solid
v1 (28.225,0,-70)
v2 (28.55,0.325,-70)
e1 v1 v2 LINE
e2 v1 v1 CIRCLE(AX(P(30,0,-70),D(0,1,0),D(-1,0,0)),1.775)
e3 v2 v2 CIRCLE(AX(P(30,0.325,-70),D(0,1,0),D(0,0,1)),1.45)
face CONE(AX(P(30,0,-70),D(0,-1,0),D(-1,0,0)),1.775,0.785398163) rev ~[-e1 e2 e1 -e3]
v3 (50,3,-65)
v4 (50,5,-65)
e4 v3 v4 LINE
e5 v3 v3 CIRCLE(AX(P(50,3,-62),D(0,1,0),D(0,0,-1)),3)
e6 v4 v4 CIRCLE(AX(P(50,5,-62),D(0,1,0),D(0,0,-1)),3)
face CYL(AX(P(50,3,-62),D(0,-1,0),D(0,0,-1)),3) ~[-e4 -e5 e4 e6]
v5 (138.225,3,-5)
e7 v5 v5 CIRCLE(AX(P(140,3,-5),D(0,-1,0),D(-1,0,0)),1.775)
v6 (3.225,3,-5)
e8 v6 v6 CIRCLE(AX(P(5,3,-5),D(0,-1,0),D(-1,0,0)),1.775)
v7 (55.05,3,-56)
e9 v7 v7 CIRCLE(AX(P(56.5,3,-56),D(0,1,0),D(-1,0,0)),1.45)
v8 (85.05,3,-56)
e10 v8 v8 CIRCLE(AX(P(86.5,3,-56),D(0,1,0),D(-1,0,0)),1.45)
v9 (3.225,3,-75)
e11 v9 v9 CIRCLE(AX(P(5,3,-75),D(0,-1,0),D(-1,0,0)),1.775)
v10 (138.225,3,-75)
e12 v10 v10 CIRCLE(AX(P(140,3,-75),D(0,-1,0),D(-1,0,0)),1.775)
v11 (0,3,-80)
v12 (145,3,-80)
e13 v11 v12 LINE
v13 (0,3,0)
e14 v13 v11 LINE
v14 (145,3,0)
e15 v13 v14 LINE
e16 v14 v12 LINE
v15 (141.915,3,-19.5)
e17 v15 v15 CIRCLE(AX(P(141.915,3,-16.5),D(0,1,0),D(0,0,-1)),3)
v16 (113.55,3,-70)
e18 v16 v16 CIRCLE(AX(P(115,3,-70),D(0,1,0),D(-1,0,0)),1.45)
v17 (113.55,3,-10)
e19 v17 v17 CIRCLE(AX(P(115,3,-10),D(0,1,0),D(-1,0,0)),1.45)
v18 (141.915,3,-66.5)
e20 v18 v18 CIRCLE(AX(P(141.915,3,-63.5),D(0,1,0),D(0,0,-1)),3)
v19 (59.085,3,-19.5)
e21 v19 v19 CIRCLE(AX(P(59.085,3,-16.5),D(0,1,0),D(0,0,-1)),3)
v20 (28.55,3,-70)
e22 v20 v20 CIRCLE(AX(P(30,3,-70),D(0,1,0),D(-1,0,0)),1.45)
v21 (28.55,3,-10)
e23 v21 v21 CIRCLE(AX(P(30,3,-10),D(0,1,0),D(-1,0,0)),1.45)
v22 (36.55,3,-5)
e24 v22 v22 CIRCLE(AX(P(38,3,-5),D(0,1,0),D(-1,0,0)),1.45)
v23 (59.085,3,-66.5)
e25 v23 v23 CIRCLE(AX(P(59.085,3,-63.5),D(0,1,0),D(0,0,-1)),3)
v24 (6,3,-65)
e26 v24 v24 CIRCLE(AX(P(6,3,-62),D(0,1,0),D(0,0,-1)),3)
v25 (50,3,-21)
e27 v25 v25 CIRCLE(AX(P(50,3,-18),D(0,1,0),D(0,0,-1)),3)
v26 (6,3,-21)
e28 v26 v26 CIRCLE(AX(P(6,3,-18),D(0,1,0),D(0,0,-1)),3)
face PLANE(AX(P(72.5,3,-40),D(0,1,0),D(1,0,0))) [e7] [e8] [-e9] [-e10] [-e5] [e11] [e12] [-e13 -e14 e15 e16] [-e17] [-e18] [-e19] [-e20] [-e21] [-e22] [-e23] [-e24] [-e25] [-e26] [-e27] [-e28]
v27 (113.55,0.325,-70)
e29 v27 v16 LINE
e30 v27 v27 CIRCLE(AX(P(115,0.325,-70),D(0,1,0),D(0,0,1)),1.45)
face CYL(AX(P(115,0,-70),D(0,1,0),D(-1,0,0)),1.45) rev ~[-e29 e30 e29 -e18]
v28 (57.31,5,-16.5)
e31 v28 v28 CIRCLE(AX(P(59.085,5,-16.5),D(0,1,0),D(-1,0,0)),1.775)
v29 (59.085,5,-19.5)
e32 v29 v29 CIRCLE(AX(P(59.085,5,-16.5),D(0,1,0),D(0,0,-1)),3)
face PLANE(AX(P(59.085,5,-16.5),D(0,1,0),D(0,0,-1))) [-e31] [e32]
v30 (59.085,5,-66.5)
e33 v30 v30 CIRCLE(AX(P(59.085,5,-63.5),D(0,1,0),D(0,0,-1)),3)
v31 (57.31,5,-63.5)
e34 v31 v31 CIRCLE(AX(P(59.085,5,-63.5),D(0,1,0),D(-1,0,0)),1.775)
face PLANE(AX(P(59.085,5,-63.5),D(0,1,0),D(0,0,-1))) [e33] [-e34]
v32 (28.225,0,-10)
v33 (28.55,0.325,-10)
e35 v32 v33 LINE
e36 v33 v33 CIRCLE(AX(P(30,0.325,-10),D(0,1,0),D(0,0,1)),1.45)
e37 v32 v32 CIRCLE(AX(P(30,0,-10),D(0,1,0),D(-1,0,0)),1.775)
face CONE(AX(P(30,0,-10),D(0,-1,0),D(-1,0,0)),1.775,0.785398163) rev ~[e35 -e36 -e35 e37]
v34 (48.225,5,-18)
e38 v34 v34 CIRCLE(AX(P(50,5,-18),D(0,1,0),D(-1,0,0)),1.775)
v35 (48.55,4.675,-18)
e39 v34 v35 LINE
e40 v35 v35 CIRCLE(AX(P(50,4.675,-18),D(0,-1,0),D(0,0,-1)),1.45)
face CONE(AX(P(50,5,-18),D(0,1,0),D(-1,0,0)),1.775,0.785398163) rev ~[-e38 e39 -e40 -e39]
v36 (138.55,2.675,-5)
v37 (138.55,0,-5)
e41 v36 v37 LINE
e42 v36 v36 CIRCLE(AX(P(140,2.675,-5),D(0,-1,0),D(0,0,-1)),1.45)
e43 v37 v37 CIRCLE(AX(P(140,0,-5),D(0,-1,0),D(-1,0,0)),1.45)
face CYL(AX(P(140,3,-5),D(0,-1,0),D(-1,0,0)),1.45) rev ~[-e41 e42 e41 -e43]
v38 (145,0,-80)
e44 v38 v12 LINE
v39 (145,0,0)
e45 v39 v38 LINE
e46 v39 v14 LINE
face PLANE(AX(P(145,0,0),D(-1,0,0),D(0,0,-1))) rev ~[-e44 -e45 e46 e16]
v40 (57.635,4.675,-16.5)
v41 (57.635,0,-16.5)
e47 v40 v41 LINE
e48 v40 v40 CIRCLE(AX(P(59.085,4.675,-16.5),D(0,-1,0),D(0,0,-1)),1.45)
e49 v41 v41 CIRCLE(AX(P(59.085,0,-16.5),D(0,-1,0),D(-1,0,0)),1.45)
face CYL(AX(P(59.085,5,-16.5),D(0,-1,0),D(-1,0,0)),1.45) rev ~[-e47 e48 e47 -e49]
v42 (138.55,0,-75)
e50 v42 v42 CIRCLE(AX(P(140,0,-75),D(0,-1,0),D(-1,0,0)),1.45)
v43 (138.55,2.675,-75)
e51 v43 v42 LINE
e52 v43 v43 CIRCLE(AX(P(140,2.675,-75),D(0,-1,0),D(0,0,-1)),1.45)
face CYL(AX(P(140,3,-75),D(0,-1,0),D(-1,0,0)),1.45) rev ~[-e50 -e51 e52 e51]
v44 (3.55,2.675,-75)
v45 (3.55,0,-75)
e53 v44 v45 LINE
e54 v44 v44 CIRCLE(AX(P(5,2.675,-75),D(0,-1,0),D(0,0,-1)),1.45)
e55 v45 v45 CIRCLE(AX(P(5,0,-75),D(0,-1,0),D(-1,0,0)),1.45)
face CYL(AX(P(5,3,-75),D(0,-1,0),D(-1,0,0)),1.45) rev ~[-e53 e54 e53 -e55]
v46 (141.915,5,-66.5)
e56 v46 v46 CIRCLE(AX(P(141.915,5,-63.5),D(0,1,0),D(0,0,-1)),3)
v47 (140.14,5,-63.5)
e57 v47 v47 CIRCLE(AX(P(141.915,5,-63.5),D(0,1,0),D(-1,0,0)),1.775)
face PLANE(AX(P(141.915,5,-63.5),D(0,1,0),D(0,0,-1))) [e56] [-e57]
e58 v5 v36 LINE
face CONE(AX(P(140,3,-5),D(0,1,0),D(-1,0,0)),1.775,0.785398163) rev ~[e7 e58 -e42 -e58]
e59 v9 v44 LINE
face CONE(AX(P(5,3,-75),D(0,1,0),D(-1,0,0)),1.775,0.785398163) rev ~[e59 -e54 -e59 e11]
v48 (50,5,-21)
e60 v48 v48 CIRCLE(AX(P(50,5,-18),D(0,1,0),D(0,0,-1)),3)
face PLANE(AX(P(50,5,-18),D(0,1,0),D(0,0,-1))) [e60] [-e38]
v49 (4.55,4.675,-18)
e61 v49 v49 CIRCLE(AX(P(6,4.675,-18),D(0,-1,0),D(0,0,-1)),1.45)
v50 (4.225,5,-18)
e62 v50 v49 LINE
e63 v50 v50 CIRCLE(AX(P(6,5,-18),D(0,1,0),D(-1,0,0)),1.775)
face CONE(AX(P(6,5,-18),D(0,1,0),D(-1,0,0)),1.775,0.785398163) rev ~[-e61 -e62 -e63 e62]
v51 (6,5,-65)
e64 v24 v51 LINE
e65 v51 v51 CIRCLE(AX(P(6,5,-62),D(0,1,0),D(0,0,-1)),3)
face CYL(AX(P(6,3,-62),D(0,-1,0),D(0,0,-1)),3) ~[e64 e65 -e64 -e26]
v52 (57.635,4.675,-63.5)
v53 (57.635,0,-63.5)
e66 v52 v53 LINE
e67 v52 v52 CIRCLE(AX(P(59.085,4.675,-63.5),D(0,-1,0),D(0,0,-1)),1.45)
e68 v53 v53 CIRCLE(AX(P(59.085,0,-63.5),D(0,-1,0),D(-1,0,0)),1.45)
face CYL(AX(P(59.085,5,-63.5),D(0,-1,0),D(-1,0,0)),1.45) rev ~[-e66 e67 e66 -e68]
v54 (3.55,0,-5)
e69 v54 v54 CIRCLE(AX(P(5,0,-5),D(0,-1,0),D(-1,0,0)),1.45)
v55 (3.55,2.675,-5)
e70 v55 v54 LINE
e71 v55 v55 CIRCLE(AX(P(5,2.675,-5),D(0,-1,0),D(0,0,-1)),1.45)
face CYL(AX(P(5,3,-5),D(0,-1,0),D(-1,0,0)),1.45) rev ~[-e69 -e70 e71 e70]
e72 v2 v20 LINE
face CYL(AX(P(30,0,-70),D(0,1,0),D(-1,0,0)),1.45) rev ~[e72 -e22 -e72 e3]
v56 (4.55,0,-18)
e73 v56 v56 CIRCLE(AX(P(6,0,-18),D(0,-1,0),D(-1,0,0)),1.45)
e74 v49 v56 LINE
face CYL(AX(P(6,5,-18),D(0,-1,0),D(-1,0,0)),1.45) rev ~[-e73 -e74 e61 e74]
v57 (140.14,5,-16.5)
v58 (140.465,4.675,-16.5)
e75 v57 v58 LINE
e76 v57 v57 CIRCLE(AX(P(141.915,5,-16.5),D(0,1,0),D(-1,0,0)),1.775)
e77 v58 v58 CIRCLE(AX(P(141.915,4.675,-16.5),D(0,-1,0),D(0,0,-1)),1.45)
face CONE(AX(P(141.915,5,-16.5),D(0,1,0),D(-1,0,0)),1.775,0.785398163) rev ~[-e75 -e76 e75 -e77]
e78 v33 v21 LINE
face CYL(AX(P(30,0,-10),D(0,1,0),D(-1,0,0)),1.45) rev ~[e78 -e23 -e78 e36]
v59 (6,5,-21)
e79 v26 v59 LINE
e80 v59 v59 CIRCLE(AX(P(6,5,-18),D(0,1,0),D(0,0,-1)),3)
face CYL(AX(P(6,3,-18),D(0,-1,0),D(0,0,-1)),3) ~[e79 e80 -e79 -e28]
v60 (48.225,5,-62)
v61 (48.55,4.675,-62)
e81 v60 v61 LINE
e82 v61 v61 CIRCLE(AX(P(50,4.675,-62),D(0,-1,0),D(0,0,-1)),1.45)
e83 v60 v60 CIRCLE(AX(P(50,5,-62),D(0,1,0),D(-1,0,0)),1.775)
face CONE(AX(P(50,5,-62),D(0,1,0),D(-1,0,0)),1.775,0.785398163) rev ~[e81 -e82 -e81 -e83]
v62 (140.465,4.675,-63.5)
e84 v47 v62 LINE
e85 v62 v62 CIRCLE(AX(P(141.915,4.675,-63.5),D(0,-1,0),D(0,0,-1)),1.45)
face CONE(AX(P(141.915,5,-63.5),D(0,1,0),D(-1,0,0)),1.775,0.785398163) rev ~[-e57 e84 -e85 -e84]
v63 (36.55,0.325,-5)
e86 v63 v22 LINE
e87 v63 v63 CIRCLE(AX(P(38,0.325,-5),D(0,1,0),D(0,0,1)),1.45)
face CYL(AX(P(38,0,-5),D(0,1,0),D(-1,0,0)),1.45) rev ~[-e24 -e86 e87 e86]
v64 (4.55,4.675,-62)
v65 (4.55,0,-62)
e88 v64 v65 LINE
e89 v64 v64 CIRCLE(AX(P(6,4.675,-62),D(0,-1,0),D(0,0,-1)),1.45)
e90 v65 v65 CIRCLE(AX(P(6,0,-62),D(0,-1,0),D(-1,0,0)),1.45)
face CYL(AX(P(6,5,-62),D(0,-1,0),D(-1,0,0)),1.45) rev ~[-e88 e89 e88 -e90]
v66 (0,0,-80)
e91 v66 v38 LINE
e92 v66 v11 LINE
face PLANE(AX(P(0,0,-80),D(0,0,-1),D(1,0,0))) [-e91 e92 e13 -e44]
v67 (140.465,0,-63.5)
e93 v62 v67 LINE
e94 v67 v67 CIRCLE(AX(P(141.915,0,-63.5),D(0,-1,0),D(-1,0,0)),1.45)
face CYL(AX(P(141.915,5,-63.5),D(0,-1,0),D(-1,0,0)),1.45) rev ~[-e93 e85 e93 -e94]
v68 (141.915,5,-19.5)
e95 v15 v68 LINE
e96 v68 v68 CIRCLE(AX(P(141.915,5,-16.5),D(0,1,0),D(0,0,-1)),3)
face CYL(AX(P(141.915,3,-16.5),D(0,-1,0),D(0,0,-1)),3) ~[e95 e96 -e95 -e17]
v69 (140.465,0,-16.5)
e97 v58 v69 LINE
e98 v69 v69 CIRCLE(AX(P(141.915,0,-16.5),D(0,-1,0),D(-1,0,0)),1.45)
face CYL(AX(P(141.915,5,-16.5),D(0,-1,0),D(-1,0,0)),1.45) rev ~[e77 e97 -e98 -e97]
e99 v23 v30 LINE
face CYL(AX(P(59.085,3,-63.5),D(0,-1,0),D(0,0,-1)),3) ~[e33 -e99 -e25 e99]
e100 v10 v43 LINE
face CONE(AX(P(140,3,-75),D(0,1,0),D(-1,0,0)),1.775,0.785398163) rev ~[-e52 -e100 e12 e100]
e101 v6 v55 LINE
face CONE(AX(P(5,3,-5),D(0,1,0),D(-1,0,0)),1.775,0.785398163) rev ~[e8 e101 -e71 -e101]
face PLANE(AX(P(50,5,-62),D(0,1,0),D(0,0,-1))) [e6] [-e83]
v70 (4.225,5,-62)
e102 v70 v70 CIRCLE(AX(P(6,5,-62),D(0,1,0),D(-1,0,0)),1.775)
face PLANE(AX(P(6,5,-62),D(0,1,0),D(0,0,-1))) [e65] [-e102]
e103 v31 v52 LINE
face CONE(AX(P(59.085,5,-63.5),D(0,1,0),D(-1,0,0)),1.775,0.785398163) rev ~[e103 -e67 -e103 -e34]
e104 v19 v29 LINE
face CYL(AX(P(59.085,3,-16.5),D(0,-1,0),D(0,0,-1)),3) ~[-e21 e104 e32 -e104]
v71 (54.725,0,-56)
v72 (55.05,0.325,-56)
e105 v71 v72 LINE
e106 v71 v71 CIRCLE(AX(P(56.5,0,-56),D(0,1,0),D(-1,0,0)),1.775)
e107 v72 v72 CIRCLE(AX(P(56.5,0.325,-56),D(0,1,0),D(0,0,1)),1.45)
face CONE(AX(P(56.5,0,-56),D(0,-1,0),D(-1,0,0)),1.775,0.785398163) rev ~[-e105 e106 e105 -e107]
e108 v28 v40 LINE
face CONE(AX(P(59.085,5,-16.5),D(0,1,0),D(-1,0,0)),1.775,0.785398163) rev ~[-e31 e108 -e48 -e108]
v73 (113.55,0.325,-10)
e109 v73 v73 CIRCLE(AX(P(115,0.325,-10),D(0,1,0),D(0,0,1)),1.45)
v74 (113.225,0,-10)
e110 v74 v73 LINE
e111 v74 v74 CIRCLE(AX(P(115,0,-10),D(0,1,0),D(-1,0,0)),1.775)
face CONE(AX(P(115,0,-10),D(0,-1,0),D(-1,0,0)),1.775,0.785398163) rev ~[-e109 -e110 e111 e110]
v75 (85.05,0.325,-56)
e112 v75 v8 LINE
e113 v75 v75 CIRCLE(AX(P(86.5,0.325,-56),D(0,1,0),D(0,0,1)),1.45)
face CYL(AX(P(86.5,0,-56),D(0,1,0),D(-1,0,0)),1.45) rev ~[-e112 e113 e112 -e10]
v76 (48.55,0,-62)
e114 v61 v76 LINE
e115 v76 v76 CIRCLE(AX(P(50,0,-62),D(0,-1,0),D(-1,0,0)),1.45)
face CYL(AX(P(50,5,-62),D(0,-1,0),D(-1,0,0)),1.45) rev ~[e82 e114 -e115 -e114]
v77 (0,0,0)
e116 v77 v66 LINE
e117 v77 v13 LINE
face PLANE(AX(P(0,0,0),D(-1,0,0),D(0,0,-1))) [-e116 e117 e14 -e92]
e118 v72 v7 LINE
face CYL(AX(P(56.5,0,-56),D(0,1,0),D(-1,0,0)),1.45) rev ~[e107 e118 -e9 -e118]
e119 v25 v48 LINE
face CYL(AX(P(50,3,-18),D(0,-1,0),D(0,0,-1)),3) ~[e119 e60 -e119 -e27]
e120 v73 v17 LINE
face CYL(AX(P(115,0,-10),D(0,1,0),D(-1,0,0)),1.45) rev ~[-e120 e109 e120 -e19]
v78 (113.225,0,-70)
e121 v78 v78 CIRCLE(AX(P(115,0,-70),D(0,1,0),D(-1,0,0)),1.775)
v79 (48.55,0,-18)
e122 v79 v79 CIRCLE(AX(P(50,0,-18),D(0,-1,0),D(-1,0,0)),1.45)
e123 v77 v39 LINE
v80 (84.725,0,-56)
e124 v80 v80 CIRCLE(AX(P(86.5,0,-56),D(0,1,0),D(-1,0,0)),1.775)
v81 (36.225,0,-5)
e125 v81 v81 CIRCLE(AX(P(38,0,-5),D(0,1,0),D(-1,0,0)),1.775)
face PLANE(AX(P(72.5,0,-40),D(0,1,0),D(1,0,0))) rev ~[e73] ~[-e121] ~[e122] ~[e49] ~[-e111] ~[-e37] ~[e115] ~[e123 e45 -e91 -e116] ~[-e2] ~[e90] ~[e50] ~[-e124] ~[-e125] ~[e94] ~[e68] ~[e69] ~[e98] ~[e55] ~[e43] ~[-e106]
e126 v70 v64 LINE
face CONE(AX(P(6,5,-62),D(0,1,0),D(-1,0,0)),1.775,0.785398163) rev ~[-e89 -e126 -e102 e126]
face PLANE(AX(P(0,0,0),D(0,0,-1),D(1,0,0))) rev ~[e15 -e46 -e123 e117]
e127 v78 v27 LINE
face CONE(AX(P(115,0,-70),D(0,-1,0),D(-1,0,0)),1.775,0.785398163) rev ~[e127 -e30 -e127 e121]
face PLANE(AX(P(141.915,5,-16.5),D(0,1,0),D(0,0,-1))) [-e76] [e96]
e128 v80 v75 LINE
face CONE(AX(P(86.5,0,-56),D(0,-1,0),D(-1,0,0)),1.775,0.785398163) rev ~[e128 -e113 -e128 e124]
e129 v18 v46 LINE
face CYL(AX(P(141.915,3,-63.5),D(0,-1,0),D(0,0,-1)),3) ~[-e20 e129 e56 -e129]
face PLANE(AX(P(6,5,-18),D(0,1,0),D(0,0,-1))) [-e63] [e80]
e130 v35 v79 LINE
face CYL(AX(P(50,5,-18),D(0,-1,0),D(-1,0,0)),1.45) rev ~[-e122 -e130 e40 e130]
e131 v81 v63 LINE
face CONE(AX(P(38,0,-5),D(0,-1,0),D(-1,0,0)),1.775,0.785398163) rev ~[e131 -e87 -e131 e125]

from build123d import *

# Parameters (mm, degrees)
SKETCH_1_W                     = 145
SKETCH_1_H                     = 80
EXTRUDE_1_DEPTH                = 3
SKETCH_3_R                     = 3
EXTRUDE_2_DEPTH                = 2
HOLE_WIZARD_M3_5_4_D           = 2.9
HOLE_WIZARD_M3_5_4_DEPTH       = 11.2
HOLE_WIZARD_M3_5_4_CSINK_D     = 3.55
HOLE_WIZARD_M3_5_4_CSINK_ANGLE = 90
HOLE_WIZARD_M3_5_4_TIP         = 0.871247898
HOLE_WIZARD_M3_5_5_D           = 2.9
HOLE_WIZARD_M3_5_5_DEPTH       = 7
HOLE_WIZARD_M3_5_5_CSINK_D     = 3.55
HOLE_WIZARD_M3_5_5_CSINK_ANGLE = 90
HOLE_WIZARD_M3_5_5_TIP         = 0.871247898
HOLE_WIZARD_M3_5_7_D           = 2.9
HOLE_WIZARD_M3_5_7_CSINK_D     = 3.55
HOLE_WIZARD_M3_5_7_CSINK_ANGLE = 90


with BuildPart() as part:
    # 草图1 → 凸台-拉伸1 (new body)
    with BuildSketch(Plane(origin=(0, 0, 0), x_dir=(1, 0, 0), z_dir=(0, 1, 0))):
        with Locations((72.5, 40)):
            Rectangle(SKETCH_1_W, SKETCH_1_H)
    extrude(amount=EXTRUDE_1_DEPTH)

    # 草图3 → 凸台-拉伸2 (add)
    with BuildSketch(Plane(origin=(0, 3, 0), x_dir=(1, 0, 0), z_dir=(0, 1, 0))):
        with Locations(Location((59.085, 63.5, 0), (0, 0, 90))):
            Circle(SKETCH_3_R)
        with Locations(Location((59.085, 16.5, 0), (0, 0, 90))):
            Circle(SKETCH_3_R)
        with Locations(Location((141.915, 16.5, 0), (0, 0, 90))):
            Circle(SKETCH_3_R)
        with Locations(Location((141.915, 63.5, 0), (0, 0, 90))):
            Circle(SKETCH_3_R)
        with Locations(Location((6, 62, 0), (0, 0, 90))):
            Circle(SKETCH_3_R)
        with Locations(Location((50, 62, 0), (0, 0, 90))):
            Circle(SKETCH_3_R)
        with Locations(Location((6, 18, 0), (0, 0, 90))):
            Circle(SKETCH_3_R)
        with Locations(Location((50, 18, 0), (0, 0, 90))):
            Circle(SKETCH_3_R)
    extrude(amount=EXTRUDE_2_DEPTH)

    # M3.5 螺纹孔4
    with Locations(Plane(origin=(0, 5, 0), x_dir=(1, 0, 0), z_dir=(0, 1, 0))):
        with Locations((141.915, 63.5), (6, 62), (50, 62), (59.085, 63.5), (50, 18), (6, 18), (141.915, 16.5), (59.085, 16.5)):
            CounterSinkHole(HOLE_WIZARD_M3_5_4_D / 2, HOLE_WIZARD_M3_5_4_CSINK_D / 2, depth=HOLE_WIZARD_M3_5_4_DEPTH, counter_sink_angle=HOLE_WIZARD_M3_5_4_CSINK_ANGLE)
            with Locations((0, 0, -(HOLE_WIZARD_M3_5_4_DEPTH + HOLE_WIZARD_M3_5_4_TIP / 2))):  # 118° drill point
                Cone(0, HOLE_WIZARD_M3_5_4_D / 2, HOLE_WIZARD_M3_5_4_TIP, mode=Mode.SUBTRACT)

    # M3.5 螺纹孔5
    with Locations(Plane.XZ):
        with Locations((86.5, -56), (38, -5), (30, -70), (115, -70), (115, -10), (30, -10), (56.5, -56)):
            CounterSinkHole(HOLE_WIZARD_M3_5_5_D / 2, HOLE_WIZARD_M3_5_5_CSINK_D / 2, depth=HOLE_WIZARD_M3_5_5_DEPTH, counter_sink_angle=HOLE_WIZARD_M3_5_5_CSINK_ANGLE)
            with Locations((0, 0, -(HOLE_WIZARD_M3_5_5_DEPTH + HOLE_WIZARD_M3_5_5_TIP / 2))):  # 118° drill point
                Cone(0, HOLE_WIZARD_M3_5_5_D / 2, HOLE_WIZARD_M3_5_5_TIP, mode=Mode.SUBTRACT)

    # M3.5 螺纹孔7 (through all)
    with Locations(Plane(origin=(0, 3, 0), x_dir=(1, 0, 0), z_dir=(0, 1, 0))):
        with Locations((5, 75), (140, 75), (140, 5), (5, 5)):
            CounterSinkHole(HOLE_WIZARD_M3_5_7_D / 2, HOLE_WIZARD_M3_5_7_CSINK_D / 2, counter_sink_angle=HOLE_WIZARD_M3_5_7_CSINK_ANGLE)


solid = part.part
